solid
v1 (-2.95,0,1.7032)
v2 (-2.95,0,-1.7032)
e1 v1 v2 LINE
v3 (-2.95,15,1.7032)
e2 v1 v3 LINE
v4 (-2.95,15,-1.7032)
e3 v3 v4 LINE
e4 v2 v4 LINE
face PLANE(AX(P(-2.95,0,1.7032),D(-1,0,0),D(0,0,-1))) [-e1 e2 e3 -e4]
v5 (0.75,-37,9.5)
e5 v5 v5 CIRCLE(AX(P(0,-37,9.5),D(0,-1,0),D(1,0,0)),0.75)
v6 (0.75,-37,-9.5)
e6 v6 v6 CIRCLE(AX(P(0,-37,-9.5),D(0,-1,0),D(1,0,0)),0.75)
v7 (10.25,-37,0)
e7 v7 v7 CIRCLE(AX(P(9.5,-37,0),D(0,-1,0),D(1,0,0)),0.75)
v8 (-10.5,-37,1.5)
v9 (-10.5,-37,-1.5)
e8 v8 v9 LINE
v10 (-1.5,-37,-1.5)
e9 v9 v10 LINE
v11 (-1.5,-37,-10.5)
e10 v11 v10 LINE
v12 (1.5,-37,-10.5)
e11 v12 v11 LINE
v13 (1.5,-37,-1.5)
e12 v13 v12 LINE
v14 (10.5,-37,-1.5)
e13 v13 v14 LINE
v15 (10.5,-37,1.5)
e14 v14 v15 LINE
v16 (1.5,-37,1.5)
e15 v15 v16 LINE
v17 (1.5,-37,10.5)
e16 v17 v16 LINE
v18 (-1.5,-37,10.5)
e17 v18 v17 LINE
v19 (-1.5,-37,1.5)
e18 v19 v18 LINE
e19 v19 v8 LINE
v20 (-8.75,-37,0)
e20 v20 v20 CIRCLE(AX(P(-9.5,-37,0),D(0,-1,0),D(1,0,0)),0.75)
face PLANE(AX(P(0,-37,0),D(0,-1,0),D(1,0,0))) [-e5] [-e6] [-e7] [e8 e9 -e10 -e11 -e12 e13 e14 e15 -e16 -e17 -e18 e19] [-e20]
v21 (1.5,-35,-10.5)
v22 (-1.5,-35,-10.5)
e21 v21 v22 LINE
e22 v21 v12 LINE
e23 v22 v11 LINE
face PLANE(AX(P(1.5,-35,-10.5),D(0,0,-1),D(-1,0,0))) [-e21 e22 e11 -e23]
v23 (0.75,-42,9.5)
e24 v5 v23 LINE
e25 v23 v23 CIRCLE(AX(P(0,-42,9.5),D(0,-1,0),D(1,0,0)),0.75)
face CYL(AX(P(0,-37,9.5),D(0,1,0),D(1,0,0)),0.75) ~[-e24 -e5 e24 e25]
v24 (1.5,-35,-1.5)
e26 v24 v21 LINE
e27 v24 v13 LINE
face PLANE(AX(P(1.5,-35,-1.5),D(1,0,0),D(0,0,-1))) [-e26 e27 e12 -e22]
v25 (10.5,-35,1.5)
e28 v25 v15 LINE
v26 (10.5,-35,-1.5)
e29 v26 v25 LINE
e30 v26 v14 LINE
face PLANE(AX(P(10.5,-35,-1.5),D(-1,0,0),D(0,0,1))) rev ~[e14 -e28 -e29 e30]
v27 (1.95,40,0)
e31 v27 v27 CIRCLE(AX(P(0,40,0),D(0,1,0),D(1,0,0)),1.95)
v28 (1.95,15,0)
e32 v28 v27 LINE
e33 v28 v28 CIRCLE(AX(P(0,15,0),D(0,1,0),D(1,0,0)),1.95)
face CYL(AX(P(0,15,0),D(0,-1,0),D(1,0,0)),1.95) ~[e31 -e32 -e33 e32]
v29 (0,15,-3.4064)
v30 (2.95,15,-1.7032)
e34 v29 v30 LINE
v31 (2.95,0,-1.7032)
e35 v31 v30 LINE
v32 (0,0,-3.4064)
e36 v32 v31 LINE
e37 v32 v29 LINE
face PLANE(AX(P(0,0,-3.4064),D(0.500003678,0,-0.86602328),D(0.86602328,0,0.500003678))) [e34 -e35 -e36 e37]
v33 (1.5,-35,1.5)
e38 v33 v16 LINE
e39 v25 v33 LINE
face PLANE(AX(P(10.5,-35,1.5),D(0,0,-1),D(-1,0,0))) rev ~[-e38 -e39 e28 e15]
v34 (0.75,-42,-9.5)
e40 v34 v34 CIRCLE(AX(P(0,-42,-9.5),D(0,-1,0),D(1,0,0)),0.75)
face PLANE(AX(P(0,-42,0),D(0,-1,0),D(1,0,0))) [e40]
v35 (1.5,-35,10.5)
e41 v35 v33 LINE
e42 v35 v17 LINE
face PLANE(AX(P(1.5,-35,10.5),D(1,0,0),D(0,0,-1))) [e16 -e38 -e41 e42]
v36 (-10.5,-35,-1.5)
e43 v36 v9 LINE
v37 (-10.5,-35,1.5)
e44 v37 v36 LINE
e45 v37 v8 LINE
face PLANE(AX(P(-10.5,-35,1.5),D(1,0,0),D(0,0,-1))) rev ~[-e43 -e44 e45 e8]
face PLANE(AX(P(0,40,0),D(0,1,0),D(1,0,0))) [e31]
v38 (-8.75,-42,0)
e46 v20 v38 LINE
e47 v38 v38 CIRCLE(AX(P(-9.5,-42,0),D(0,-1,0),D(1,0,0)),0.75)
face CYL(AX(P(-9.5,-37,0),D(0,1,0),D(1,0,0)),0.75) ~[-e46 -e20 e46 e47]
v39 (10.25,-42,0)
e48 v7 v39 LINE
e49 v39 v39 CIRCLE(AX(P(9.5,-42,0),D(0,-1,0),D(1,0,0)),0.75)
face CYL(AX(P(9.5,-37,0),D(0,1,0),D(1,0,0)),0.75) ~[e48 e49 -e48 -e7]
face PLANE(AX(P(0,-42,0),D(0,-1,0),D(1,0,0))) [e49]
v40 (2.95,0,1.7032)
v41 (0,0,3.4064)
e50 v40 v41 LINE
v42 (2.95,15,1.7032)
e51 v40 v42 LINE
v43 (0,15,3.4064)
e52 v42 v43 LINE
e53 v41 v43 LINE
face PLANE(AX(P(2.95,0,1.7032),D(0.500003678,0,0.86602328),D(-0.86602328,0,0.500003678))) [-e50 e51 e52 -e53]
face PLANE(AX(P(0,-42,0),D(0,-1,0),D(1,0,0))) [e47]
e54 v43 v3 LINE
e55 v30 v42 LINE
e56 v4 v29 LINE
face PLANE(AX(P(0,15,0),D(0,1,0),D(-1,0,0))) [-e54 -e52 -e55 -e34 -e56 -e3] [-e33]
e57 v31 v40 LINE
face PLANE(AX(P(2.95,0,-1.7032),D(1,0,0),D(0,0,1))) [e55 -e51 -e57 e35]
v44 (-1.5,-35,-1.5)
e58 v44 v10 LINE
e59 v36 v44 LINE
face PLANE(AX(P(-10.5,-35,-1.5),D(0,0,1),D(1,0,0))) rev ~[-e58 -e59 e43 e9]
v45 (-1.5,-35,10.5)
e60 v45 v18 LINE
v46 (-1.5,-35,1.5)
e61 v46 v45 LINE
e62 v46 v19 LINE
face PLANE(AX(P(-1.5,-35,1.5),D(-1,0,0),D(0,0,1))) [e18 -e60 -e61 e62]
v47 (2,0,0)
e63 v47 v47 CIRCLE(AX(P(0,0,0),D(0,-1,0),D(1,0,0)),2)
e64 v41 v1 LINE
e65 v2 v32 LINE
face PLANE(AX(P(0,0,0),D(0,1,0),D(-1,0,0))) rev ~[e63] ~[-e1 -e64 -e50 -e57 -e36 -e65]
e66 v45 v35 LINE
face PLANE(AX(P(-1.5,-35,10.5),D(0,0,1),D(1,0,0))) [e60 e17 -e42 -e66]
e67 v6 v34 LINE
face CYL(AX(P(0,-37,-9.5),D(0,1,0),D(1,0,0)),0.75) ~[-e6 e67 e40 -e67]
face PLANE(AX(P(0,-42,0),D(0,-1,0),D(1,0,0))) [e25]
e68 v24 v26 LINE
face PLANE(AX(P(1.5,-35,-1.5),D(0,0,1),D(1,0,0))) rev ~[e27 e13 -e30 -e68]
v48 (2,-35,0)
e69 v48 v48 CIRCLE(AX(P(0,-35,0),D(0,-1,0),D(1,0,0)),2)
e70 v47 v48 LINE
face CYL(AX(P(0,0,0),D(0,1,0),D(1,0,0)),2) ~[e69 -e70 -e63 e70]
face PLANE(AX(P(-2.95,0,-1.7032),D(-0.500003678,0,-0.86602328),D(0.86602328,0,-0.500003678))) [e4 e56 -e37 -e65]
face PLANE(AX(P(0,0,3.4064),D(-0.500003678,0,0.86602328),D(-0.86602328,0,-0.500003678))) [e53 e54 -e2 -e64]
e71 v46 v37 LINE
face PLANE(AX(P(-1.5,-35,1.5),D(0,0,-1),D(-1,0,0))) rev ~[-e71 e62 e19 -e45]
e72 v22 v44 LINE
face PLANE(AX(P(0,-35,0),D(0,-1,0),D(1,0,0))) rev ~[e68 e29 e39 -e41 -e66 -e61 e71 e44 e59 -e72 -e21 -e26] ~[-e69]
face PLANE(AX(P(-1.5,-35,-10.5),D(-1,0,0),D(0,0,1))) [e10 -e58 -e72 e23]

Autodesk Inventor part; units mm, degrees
ref_plane "YZ Plane" through (0, 0, 0) normal (1, 0, 0) x (0, 1, 0)
ref_plane "XZ Plane" through (0, 0, 0) normal (0, 1, 0) x (-1, 0, 0)
ref_plane "XY Plane" through (0, 0, 0) normal (0, 0, 1) x (1, 0, 0)
sketch "草图1" plane through (0, 0, 0) normal (0, 1, 0) x (-1, 0, 0)
  line L0 (2.95, -1.7032) -> (0, -3.4064)
  line L1 (0, -3.4064) -> (-2.95, -1.7032)
  line L2 (-2.95, -1.7032) -> (-2.95, 1.7032)
  line L3 (-2.95, 1.7032) -> (0, 3.4064)
  line L4 (0, 3.4064) -> (2.95, 1.7032)
  line L5 (2.95, 1.7032) -> (2.95, -1.7032)
  point P0 (0, 0)
  point P1 (0, 0)
  point P2 (2.95, 0)
extrude "拉伸1" add sketch "草图1" along normal blind 15
sketch "草图2" plane through (0, 15, 0) normal (0, 1, 0) x (1, 0, 0)
  circle A0 centre (0, 0) radius 1.95
  dimension "d3" = 3.9
extrude "拉伸2" add sketch "草图2" along normal blind 25
thread "螺纹1" size "M4x0.7" class "6g" standard "ANSI Metric M Profile" length 5
sketch "草图6" plane through (0, 0, 0) normal (0, -1, 0) x (1, 0, 0)
  circle A0 centre (0, 0) radius 2
  dimension "d22" = 4
extrude "拉伸6" add sketch "草图6" along normal blind 35
sketch "草图7" plane through (0, -35, 0) normal (0, -1, 0) x (1, 0, 0)
  line L0 (10.5, -1.5) -> (10.5, 1.5)
  line L1 (-10.5, 1.5) -> (-10.5, -1.5)
  line L2 (-10.5, -1.5) -> (10.5, 1.5) construction
  line L3 (10.5, -1.5) -> (-10.5, 1.5) construction
  line L4 (-1.5, 10.5) -> (1.5, 10.5)
  line L5 (1.5, -10.5) -> (-1.5, -10.5)
  line L6 (-1.5, 10.5) -> (1.5, -10.5) construction
  line L7 (1.5, 10.5) -> (-1.5, -10.5) construction
  line L8 (-1.5, 1.5) -> (-10.5, 1.5)
  line L9 (10.5, 1.5) -> (1.5, 1.5)
  line L10 (1.5, 10.5) -> (1.5, 1.5)
  line L11 (1.5, -1.5) -> (1.5, -10.5)
  line L12 (1.5, -1.5) -> (10.5, -1.5)
  line L13 (-10.5, -1.5) -> (-1.5, -1.5)
  line L14 (-1.5, -10.5) -> (-1.5, -1.5)
  line L15 (-1.5, 1.5) -> (-1.5, 10.5)
  point P0 (0, 0)
  dimension "d26" = 21
extrude "拉伸7" add sketch "草图7" along normal blind 2
sketch "草图8" plane through (0, -37, 0) normal (0, -1, 0) x (1, 0, 0)
  circle A0 centre (0, 0) radius 9.5 construction
  circle A1 centre (0, 9.5) radius 0.75
  circle A2 centre (-9.5, 0) radius 0.75
  circle A3 centre (0, -9.5) radius 0.75
  circle A4 centre (9.5, 0) radius 0.75
  dimension "d29" = 19
  dimension "d30" = 1.5
  dimension "d31" = 1.5
  dimension "d32" = 1.5
  dimension "d33" = 1.5
extrude "拉伸8" add sketch "草图8" along normal blind 5
properties part number "杆件"
